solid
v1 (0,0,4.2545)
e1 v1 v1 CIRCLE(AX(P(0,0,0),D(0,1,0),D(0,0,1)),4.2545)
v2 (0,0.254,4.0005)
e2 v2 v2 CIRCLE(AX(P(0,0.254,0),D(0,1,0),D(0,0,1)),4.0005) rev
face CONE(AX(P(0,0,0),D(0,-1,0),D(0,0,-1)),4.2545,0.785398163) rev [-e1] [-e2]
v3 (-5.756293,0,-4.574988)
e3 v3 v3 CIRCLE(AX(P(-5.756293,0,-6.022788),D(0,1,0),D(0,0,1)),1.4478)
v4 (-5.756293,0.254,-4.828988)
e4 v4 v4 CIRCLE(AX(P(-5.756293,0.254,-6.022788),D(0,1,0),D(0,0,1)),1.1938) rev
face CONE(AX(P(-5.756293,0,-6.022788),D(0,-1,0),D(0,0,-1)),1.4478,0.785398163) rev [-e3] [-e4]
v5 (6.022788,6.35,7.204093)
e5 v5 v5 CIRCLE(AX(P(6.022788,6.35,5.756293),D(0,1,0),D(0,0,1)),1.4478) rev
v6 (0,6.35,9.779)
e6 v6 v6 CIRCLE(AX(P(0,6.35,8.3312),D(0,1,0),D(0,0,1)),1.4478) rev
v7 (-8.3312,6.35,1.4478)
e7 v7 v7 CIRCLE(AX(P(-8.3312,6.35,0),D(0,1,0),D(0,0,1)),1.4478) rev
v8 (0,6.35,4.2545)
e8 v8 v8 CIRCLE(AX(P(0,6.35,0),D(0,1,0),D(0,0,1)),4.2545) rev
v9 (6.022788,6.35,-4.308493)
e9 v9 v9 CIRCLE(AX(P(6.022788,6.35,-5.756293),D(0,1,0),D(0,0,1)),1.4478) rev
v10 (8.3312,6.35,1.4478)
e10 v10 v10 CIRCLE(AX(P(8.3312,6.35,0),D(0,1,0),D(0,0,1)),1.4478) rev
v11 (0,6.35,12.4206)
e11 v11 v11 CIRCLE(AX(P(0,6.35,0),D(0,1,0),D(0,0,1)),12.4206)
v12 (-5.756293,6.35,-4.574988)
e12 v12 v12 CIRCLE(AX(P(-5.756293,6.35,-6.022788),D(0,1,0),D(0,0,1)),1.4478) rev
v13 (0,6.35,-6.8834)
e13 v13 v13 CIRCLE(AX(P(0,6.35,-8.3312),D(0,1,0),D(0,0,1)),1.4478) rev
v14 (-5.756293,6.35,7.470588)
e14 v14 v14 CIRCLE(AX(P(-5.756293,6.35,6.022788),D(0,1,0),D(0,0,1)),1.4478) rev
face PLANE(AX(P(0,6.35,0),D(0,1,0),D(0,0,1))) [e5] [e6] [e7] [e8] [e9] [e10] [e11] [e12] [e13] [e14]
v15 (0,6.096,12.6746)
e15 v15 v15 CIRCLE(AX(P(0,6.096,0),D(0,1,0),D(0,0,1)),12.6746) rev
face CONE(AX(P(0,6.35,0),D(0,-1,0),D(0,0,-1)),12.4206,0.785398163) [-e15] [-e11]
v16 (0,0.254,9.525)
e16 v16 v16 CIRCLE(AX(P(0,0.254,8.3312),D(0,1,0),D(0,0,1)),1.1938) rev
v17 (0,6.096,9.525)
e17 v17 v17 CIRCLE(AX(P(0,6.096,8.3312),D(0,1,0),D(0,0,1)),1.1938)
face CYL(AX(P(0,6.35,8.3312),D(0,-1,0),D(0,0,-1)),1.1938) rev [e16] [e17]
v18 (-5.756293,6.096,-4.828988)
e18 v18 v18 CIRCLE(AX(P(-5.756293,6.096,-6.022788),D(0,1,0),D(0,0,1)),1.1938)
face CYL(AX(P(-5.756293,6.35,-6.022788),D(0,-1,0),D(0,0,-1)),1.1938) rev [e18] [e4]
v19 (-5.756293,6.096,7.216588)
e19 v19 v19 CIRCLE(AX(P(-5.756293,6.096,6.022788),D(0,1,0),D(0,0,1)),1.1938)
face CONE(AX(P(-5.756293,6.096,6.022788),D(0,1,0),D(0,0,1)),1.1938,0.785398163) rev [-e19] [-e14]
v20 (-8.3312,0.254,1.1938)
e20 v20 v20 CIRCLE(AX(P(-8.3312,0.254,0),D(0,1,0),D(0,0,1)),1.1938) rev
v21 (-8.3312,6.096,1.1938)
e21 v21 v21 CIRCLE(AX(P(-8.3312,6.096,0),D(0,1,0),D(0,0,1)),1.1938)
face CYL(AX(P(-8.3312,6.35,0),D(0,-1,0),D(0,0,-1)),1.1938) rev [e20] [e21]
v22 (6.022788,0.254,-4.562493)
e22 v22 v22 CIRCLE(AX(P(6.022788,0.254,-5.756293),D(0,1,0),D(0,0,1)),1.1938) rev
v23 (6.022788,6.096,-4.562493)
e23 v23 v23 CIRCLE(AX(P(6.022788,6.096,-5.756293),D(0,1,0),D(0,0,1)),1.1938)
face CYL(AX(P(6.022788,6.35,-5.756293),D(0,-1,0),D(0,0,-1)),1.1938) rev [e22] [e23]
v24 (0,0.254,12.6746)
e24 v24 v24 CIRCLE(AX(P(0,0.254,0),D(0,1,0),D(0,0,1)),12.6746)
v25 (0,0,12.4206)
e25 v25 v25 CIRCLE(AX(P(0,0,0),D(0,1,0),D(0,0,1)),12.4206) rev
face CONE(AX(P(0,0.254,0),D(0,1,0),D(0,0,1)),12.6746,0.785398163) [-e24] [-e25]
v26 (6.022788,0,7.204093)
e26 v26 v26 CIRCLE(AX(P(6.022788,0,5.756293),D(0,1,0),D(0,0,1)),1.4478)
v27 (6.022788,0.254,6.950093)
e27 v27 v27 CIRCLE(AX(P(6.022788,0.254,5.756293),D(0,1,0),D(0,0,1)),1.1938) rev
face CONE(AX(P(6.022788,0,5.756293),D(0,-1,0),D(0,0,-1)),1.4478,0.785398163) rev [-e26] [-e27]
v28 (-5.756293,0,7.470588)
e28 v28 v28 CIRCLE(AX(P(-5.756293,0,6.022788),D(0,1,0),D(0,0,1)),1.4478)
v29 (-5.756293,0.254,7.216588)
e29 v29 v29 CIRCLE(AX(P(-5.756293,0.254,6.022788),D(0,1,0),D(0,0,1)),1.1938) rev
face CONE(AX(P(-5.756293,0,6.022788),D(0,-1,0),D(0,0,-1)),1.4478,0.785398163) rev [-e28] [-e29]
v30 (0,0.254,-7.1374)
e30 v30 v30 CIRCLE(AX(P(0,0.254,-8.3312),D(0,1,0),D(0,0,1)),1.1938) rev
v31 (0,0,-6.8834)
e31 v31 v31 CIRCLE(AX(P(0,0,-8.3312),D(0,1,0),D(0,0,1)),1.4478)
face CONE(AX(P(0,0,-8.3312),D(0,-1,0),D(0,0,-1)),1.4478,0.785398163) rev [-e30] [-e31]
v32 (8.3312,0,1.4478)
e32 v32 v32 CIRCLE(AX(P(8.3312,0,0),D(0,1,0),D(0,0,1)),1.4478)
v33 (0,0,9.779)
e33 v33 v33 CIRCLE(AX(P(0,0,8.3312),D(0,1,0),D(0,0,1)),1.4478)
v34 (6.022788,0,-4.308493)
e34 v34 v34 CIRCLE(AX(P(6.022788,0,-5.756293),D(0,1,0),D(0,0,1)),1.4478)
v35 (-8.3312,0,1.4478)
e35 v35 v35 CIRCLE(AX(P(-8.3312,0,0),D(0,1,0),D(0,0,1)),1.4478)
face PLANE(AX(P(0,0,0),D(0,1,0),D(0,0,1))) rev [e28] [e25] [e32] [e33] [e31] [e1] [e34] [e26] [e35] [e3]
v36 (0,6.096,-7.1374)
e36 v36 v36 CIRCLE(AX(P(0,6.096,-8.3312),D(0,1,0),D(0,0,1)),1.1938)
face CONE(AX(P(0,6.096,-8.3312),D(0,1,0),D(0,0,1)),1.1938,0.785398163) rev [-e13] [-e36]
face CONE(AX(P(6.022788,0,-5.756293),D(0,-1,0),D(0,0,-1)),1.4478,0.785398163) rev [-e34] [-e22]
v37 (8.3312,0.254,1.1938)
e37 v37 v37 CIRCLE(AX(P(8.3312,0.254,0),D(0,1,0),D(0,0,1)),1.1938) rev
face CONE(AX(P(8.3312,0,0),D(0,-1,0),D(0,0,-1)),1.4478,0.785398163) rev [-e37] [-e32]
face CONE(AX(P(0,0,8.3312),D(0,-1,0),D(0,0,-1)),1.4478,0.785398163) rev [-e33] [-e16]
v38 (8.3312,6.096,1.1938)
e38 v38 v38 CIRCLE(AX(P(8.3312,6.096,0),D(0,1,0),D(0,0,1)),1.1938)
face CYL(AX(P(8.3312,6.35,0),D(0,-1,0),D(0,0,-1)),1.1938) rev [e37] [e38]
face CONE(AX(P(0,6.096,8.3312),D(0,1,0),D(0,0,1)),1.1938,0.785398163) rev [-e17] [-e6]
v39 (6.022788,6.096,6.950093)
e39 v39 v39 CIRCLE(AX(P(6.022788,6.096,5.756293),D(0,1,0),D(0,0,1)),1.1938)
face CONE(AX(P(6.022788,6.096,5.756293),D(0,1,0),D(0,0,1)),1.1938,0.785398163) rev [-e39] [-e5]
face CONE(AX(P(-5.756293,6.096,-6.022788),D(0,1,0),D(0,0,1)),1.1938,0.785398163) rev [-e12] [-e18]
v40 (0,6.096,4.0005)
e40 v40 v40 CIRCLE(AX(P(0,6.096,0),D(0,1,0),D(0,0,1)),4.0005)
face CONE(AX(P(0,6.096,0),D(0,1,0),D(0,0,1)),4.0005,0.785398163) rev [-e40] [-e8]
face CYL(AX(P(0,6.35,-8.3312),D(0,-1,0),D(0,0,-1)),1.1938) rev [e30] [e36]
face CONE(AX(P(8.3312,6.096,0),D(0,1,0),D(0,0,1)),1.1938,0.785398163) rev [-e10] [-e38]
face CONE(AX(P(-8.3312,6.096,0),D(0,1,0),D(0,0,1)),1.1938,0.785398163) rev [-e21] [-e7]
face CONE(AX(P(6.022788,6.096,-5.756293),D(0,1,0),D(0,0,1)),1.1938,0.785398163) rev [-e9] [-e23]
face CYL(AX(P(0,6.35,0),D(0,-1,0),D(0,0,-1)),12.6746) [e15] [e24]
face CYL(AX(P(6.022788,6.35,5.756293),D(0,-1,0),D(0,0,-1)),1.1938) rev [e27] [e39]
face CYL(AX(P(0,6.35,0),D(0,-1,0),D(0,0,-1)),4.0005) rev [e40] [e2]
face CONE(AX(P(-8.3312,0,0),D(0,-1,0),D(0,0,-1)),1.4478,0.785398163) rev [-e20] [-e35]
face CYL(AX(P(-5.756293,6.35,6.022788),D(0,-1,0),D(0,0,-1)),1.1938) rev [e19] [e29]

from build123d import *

# Parameters (mm, degrees)
SKETCH1_R           = 12.6746
SKETCH1_R_2         = 4.0005
SKETCH1_R_3         = 1.1938
BOSS_EXTRUDE1_DEPTH = 6.35
CHAMFER1_SIZE       = 0.254


with BuildPart() as part:
    # Sketch1 → Boss-Extrude1 (new body)
    with BuildSketch(Plane(origin=(0, 0, 0), x_dir=(1, 0, 0), z_dir=(0, 1, 0))):
        with Locations(Location((0, 0, 0), (0, 0, 270))):
            Circle(SKETCH1_R)
        with Locations(Location((0, 0, 0), (0, 0, 270))):
            Circle(SKETCH1_R_2, mode=Mode.SUBTRACT)
        with Locations(Location((0, 8.3312, 0), (0, 0, 270))):
            Circle(SKETCH1_R_3, mode=Mode.SUBTRACT)
        with Locations(Location((8.3312, 0, 0), (0, 0, 270))):
            Circle(SKETCH1_R_3, mode=Mode.SUBTRACT)
        with Locations(Location((0, -8.3312, 0), (0, 0, 270))):
            Circle(SKETCH1_R_3, mode=Mode.SUBTRACT)
        with Locations(Location((-8.3312, 0, 0), (0, 0, 270))):
            Circle(SKETCH1_R_3, mode=Mode.SUBTRACT)
        with Locations(Location((-5.756293352, 6.022788415, 0), (0, 0, 270))):
            Circle(SKETCH1_R_3, mode=Mode.SUBTRACT)
        with Locations(Location((6.022788415, 5.756293352, 0), (0, 0, 270))):
            Circle(SKETCH1_R_3, mode=Mode.SUBTRACT)
        with Locations(Location((6.022788415, -5.756293352, 0), (0, 0, 270))):
            Circle(SKETCH1_R_3, mode=Mode.SUBTRACT)
        with Locations(Location((-5.756293352, -6.022788415, 0), (0, 0, 270))):
            Circle(SKETCH1_R_3, mode=Mode.SUBTRACT)
    extrude(amount=BOSS_EXTRUDE1_DEPTH)

    # Chamfer1
    chamfer1_edges = [part.edges().sort_by_distance(p)[0] for p in [
        (8.3312, 0, -1.1938),
        (8.3312, 6.35, -1.1938),
        (0, 0, 7.1374),
        (0, 6.35, 7.1374),
        (0, 0, -12.6746),
        (-8.3312, 0, -1.1938),
        (-8.3312, 6.35, -1.1938),
        (-5.756293352, 0, -7.216588415),
        (-5.756293352, 6.35, -7.216588415),
        (6.022788415, 0, -6.950093352),
        (6.022788415, 6.35, -6.950093352),
        (6.022788415, 0, 4.562493352),
        (6.022788415, 6.35, 4.562493352),
        (-5.756293352, 0, 4.828988415),
        (-5.756293352, 6.35, 4.828988415),
        (0, 6.35, -12.6746),
        (0, 0, -4.0005),
        (0, 6.35, -4.0005),
        (0, 0, -9.525),
        (0, 6.35, -9.525),
    ]]
    chamfer(chamfer1_edges, length=CHAMFER1_SIZE)


solid = part.part
